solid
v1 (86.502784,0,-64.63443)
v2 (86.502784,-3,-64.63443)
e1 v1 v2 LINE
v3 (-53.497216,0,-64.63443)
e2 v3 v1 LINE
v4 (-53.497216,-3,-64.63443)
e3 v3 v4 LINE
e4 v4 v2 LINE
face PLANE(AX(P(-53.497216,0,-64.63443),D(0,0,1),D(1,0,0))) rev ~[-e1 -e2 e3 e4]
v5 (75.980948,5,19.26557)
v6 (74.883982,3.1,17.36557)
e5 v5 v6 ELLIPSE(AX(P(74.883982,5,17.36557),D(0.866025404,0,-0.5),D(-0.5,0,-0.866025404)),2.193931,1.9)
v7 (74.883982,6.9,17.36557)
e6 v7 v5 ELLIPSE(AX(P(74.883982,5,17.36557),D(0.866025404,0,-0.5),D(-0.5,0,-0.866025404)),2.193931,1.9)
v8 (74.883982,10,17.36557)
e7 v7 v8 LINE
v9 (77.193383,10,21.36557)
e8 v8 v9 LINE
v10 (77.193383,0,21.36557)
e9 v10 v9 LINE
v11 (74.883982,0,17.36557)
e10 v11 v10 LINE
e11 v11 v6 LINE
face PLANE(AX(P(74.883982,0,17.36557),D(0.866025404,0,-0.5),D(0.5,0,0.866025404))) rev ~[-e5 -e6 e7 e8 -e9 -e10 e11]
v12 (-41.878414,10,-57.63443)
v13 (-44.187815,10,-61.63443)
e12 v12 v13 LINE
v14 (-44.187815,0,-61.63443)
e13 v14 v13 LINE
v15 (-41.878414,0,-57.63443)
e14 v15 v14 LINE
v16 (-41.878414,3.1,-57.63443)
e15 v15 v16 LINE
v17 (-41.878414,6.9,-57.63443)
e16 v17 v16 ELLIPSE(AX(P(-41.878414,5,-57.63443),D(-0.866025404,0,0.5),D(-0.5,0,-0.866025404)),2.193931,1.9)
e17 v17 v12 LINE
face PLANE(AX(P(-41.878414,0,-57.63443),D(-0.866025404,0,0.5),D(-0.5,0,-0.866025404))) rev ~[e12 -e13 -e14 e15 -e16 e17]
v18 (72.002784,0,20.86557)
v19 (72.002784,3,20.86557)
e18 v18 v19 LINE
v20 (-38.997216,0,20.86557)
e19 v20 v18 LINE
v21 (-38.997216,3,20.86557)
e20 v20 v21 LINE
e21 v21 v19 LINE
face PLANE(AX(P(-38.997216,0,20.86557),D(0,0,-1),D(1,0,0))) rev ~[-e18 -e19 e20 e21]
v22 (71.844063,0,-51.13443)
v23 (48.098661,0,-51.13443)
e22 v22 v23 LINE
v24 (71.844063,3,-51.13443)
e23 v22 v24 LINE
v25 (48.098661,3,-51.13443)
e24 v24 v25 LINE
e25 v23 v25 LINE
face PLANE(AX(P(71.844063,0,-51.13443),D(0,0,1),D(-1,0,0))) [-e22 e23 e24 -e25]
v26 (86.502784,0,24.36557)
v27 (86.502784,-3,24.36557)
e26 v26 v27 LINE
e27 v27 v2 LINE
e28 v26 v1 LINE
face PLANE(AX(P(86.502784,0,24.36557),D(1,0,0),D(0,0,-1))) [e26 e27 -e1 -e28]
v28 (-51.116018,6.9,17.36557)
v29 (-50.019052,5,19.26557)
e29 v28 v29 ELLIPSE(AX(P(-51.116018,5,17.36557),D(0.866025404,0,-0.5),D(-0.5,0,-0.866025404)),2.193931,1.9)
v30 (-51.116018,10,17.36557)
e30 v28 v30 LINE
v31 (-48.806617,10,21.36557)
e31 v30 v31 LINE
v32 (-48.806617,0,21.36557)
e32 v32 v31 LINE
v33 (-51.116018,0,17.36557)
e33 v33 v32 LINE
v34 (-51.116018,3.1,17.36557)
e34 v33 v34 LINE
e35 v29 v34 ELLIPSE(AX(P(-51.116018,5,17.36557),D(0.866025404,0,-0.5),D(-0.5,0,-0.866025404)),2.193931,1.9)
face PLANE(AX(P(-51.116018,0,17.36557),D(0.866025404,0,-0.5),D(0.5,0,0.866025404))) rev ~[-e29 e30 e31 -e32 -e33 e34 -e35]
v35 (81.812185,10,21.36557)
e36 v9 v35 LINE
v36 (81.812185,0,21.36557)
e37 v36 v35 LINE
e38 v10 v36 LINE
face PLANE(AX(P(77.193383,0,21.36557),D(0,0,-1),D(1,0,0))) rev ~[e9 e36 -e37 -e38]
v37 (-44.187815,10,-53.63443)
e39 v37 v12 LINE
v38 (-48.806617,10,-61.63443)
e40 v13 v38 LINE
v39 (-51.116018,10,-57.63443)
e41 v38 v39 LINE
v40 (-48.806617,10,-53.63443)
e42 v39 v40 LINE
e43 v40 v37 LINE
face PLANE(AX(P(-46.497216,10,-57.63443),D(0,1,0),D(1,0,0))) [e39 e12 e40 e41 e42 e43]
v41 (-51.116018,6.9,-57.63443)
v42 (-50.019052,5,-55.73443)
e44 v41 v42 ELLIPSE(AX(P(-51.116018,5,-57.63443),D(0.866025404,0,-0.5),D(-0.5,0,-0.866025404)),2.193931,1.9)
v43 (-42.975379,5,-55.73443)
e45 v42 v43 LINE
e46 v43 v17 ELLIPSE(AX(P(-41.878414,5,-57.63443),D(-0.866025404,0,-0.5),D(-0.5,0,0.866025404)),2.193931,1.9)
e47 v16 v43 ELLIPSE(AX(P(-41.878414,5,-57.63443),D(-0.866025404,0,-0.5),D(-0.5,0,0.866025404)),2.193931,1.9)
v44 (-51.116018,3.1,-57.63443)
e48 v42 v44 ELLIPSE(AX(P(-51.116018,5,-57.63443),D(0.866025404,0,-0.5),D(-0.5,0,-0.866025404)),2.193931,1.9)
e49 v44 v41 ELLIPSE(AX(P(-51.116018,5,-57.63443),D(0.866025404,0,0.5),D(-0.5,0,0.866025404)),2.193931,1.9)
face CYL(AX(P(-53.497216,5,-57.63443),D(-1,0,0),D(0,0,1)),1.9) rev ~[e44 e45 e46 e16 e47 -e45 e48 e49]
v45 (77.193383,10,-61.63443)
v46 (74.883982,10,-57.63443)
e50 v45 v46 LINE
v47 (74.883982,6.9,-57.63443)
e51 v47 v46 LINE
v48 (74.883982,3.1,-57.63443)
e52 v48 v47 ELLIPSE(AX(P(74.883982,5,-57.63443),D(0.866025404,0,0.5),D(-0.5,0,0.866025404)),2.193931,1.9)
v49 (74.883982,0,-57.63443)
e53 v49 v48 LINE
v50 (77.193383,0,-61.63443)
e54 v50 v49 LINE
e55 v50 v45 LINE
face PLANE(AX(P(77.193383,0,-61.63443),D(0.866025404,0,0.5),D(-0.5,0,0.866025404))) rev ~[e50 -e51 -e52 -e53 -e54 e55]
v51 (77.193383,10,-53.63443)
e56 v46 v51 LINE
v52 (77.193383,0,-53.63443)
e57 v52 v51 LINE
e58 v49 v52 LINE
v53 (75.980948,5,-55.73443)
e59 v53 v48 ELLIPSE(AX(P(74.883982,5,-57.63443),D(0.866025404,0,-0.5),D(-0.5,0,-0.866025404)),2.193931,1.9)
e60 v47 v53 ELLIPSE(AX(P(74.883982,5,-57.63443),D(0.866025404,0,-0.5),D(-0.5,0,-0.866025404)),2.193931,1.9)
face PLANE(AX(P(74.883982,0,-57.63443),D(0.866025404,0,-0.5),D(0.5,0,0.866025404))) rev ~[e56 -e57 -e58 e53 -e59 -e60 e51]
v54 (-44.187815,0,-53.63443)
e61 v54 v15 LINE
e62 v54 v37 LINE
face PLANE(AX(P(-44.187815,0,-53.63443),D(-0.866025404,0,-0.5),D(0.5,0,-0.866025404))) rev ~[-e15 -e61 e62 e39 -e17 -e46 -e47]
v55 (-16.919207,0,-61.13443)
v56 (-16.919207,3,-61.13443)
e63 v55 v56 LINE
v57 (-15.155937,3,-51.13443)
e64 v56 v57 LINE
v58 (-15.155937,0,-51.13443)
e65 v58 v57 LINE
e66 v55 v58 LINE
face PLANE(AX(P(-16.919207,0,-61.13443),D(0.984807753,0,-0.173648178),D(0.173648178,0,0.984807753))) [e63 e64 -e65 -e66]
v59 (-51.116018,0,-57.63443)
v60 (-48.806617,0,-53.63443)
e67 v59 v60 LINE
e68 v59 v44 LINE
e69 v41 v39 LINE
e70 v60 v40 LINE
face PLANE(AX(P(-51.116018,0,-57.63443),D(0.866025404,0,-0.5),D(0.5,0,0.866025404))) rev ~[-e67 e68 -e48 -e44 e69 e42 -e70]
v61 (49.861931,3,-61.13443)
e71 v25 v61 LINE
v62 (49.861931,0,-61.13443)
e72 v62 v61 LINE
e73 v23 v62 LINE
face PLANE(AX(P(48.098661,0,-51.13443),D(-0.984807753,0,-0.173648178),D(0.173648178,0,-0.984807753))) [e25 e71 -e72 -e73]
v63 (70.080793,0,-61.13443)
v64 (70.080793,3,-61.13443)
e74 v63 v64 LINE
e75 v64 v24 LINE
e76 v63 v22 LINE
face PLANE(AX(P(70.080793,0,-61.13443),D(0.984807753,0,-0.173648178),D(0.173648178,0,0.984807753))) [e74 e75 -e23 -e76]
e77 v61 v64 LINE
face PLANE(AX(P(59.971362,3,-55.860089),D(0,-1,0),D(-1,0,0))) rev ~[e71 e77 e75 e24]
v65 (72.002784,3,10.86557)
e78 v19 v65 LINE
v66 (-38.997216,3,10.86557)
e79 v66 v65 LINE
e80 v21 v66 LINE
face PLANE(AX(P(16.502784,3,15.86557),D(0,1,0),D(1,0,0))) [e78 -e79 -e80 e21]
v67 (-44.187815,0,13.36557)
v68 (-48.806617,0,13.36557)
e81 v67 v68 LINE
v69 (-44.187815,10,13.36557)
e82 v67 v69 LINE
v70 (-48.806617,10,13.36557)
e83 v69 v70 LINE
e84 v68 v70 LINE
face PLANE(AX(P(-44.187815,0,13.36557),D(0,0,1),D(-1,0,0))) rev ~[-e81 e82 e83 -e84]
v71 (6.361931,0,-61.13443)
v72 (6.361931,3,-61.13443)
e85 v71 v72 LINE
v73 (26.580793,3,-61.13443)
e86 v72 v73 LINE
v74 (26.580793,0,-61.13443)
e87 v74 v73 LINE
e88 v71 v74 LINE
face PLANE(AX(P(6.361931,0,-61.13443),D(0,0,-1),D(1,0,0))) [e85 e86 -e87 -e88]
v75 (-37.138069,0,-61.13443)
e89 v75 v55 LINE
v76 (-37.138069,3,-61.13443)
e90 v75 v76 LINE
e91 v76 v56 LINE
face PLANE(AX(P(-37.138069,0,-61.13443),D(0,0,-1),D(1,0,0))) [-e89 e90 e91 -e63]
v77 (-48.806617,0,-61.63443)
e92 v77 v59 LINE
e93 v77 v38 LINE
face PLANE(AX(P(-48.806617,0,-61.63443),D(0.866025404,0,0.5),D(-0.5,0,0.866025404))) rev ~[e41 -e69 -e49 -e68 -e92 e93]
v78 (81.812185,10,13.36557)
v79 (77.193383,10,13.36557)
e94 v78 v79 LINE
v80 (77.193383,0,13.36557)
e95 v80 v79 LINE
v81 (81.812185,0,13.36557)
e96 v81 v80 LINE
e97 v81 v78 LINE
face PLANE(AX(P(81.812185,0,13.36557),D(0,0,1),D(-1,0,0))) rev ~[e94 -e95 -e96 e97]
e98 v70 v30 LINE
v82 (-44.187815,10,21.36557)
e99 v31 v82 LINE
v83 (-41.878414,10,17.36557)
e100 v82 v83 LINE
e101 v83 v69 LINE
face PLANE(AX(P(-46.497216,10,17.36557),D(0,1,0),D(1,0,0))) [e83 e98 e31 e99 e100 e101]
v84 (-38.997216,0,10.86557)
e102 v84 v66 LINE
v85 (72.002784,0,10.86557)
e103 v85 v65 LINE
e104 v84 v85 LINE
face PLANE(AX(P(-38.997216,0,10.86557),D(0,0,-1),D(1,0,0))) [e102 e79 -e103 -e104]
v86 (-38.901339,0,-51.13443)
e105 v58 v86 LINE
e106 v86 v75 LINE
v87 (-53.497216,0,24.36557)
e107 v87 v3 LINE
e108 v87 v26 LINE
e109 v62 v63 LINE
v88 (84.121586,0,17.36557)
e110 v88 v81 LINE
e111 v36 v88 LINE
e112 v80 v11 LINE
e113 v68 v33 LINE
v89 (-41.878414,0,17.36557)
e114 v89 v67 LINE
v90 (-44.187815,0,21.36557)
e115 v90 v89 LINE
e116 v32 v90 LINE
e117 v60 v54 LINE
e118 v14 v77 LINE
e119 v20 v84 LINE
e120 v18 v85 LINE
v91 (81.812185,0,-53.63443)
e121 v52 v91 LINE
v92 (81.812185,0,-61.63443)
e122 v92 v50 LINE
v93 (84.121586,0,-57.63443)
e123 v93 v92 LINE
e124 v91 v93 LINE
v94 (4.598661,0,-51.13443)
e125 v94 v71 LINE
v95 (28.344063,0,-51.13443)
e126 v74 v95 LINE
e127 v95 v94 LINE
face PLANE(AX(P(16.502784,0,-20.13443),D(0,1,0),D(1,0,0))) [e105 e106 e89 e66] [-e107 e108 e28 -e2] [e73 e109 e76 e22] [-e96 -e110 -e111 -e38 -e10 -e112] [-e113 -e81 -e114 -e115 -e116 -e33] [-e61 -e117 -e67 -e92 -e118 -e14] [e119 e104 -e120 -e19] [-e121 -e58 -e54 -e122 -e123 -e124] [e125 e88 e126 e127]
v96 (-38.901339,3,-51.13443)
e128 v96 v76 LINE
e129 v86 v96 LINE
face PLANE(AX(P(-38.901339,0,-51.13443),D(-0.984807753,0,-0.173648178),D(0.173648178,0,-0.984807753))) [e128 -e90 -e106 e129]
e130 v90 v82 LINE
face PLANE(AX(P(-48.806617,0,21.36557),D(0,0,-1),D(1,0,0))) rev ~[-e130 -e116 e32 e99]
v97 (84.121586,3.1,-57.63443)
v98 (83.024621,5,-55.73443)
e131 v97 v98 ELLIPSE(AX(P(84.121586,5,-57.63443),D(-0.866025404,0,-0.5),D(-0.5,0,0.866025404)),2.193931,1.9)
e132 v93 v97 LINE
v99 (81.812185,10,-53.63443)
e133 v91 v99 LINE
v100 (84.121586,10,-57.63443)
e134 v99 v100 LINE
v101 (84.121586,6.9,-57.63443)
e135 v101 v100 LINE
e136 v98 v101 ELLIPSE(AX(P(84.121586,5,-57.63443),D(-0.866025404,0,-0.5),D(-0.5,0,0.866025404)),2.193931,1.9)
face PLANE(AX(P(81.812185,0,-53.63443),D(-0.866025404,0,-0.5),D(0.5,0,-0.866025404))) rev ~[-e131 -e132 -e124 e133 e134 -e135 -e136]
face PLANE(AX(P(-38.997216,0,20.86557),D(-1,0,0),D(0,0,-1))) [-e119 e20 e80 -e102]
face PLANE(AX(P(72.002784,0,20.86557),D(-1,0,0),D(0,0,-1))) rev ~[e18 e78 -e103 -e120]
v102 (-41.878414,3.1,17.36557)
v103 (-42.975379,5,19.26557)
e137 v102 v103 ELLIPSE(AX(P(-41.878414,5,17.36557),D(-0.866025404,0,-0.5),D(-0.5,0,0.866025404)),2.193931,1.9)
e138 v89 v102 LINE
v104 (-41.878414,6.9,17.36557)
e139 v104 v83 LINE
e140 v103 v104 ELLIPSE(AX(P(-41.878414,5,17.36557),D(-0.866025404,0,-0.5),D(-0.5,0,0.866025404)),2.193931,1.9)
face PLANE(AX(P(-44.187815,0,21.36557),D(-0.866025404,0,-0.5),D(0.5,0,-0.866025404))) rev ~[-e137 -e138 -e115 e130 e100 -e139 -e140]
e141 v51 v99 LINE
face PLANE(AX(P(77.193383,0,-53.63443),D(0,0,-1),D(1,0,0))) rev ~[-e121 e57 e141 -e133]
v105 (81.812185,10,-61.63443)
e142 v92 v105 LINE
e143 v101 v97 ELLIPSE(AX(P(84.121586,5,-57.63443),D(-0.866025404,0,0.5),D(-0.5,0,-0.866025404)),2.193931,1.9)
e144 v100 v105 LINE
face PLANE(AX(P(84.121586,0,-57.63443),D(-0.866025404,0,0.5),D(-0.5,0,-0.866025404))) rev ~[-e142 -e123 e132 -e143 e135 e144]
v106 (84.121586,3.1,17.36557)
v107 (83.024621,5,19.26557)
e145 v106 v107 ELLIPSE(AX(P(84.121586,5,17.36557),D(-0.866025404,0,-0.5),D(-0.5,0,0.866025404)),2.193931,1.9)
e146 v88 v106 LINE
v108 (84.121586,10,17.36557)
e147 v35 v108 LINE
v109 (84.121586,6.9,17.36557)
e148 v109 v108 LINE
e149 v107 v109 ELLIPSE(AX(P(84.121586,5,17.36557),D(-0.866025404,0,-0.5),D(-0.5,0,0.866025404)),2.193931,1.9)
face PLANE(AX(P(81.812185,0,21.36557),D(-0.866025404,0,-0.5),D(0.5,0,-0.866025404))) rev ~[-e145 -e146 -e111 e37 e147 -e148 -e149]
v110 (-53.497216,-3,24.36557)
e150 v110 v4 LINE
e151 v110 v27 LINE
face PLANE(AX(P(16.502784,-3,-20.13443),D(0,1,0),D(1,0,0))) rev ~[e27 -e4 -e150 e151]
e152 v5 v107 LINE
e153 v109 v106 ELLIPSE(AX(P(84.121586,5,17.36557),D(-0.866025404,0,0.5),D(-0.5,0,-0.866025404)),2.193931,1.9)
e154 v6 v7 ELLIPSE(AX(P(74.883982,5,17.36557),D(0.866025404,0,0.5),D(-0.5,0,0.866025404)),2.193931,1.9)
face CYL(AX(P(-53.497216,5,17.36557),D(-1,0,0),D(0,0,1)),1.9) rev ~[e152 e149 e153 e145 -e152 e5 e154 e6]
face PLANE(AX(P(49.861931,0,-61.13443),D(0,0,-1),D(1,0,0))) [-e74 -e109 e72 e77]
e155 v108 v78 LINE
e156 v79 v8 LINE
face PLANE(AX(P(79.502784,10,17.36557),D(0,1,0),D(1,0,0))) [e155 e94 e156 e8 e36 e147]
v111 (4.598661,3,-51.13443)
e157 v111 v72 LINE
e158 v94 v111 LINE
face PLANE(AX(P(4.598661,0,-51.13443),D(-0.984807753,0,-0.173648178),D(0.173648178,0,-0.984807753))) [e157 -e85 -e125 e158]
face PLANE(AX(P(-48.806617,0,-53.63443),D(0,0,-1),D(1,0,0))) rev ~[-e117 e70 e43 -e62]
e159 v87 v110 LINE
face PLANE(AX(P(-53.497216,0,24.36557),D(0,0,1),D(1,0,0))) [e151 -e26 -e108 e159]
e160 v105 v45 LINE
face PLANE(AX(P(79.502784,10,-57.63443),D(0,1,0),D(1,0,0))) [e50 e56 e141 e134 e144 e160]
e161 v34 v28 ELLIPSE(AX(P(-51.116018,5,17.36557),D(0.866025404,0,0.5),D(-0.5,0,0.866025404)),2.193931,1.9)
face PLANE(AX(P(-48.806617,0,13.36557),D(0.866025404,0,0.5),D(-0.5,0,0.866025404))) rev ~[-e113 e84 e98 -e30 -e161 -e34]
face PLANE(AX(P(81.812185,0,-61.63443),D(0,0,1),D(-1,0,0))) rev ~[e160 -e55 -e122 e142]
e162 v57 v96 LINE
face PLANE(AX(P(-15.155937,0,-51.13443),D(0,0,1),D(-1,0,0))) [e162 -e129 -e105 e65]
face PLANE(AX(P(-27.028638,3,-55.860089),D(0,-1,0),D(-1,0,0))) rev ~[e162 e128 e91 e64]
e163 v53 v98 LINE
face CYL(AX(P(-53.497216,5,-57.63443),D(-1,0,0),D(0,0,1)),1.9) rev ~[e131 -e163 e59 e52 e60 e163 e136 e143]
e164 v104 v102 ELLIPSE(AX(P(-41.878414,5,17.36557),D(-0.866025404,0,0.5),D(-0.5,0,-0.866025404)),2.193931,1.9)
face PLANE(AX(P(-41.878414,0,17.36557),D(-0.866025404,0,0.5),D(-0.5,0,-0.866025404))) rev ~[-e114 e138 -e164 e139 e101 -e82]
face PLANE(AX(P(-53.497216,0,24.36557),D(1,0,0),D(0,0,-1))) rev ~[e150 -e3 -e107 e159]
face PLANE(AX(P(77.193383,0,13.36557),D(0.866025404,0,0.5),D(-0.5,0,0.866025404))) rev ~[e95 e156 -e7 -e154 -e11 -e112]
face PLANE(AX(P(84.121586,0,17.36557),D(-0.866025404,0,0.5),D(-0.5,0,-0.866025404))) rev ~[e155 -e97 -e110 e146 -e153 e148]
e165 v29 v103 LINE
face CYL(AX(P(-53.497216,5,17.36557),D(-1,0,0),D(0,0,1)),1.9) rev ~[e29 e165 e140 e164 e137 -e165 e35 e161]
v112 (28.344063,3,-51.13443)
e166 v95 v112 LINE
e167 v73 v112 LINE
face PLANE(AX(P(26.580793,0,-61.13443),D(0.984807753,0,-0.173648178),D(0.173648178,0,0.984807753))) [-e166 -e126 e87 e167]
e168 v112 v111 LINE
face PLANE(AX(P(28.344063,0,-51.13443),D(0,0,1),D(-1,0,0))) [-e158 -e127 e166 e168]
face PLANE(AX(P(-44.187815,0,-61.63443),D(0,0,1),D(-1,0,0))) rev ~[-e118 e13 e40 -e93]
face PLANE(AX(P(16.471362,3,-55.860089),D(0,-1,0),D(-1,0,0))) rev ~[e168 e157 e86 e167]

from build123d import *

# Parameters (mm, degrees)
SKETCH3_W           = 140
SKETCH3_H           = 89
BOSS_EXTRUDE1_DEPTH = 3
SKETCH2_W           = 111
SKETCH2_H           = 10
BOSS_EXTRUDE3_DEPTH = 3
BOSS_EXTRUDE4_DEPTH = 10
SKETCH4_R           = 1.9
CUT_EXTRUDE1_DEPTH  = 155.523815545


with BuildPart() as part:
    # Sketch3 → Boss-Extrude1 (new body)
    with BuildSketch(Plane(origin=(0, 0, 0), x_dir=(1, 0, 0), z_dir=(0, 1, 0))):
        with Locations((16.502784142, 20.134430227)):
            Rectangle(SKETCH3_W, SKETCH3_H)
    extrude(amount=-BOSS_EXTRUDE1_DEPTH)

    # Sketch2 → Boss-Extrude3 (add)
    with BuildSketch(Plane(origin=(0, 0, 0), x_dir=(1, 0, 0), z_dir=(0, 1, 0))):
        Polygon((-16.919207001, 61.134430227), (-37.138069254, 61.134430227), (-38.901339061, 51.134430227), (-15.155937194, 51.134430227), align=None)
        Polygon((4.598660939, 51.134430227), (28.344062806, 51.134430227), (26.580792999, 61.134430227), (6.361930746, 61.134430227), align=None)
        Polygon((48.098660939, 51.134430227), (71.844062806, 51.134430227), (70.080792999, 61.134430227), (49.861930746, 61.134430227), align=None)
        with Locations((16.502784142, -15.865569773)):
            Rectangle(SKETCH2_W, SKETCH2_H)
    extrude(amount=BOSS_EXTRUDE3_DEPTH)

    # Sketch2<4> → Boss-Extrude4 (add)
    with BuildSketch(Plane(origin=(0, 0, 0), x_dir=(1, 0, 0), z_dir=(0, 1, 0))):
        Polygon((-44.187814781, -13.365569773), (-48.806616934, -13.365569773), (-51.116018011, -17.365569773), (-48.806616934, -21.365569773), (-44.187814781, -21.365569773), (-41.878413704, -17.365569773), align=None)
        Polygon((-48.806616934, 53.634430227), (-44.187814781, 53.634430227), (-41.878413704, 57.634430227), (-44.187814781, 61.634430227), (-48.806616934, 61.634430227), (-51.116018011, 57.634430227), align=None)
        Polygon((74.883981989, 57.634430227), (77.193383066, 53.634430227), (81.812185219, 53.634430227), (84.121586296, 57.634430227), (81.812185219, 61.634430227), (77.193383066, 61.634430227), align=None)
        Polygon((81.812185219, -21.365569773), (84.121586296, -17.365569773), (81.812185219, -13.365569773), (77.193383066, -13.365569773), (74.883981989, -17.365569773), (77.193383066, -21.365569773), align=None)
    extrude(amount=BOSS_EXTRUDE4_DEPTH)

    # Sketch4 → Cut-Extrude1 (cut, through all)
    with BuildSketch(Plane.ZY.offset(53.497215858)):
        with Locations((-57.634430227, 5)):
            Circle(SKETCH4_R)
        with Locations((17.365569773, 5)):
            Circle(SKETCH4_R)
    extrude(amount=-CUT_EXTRUDE1_DEPTH, mode=Mode.SUBTRACT)


solid = part.part
